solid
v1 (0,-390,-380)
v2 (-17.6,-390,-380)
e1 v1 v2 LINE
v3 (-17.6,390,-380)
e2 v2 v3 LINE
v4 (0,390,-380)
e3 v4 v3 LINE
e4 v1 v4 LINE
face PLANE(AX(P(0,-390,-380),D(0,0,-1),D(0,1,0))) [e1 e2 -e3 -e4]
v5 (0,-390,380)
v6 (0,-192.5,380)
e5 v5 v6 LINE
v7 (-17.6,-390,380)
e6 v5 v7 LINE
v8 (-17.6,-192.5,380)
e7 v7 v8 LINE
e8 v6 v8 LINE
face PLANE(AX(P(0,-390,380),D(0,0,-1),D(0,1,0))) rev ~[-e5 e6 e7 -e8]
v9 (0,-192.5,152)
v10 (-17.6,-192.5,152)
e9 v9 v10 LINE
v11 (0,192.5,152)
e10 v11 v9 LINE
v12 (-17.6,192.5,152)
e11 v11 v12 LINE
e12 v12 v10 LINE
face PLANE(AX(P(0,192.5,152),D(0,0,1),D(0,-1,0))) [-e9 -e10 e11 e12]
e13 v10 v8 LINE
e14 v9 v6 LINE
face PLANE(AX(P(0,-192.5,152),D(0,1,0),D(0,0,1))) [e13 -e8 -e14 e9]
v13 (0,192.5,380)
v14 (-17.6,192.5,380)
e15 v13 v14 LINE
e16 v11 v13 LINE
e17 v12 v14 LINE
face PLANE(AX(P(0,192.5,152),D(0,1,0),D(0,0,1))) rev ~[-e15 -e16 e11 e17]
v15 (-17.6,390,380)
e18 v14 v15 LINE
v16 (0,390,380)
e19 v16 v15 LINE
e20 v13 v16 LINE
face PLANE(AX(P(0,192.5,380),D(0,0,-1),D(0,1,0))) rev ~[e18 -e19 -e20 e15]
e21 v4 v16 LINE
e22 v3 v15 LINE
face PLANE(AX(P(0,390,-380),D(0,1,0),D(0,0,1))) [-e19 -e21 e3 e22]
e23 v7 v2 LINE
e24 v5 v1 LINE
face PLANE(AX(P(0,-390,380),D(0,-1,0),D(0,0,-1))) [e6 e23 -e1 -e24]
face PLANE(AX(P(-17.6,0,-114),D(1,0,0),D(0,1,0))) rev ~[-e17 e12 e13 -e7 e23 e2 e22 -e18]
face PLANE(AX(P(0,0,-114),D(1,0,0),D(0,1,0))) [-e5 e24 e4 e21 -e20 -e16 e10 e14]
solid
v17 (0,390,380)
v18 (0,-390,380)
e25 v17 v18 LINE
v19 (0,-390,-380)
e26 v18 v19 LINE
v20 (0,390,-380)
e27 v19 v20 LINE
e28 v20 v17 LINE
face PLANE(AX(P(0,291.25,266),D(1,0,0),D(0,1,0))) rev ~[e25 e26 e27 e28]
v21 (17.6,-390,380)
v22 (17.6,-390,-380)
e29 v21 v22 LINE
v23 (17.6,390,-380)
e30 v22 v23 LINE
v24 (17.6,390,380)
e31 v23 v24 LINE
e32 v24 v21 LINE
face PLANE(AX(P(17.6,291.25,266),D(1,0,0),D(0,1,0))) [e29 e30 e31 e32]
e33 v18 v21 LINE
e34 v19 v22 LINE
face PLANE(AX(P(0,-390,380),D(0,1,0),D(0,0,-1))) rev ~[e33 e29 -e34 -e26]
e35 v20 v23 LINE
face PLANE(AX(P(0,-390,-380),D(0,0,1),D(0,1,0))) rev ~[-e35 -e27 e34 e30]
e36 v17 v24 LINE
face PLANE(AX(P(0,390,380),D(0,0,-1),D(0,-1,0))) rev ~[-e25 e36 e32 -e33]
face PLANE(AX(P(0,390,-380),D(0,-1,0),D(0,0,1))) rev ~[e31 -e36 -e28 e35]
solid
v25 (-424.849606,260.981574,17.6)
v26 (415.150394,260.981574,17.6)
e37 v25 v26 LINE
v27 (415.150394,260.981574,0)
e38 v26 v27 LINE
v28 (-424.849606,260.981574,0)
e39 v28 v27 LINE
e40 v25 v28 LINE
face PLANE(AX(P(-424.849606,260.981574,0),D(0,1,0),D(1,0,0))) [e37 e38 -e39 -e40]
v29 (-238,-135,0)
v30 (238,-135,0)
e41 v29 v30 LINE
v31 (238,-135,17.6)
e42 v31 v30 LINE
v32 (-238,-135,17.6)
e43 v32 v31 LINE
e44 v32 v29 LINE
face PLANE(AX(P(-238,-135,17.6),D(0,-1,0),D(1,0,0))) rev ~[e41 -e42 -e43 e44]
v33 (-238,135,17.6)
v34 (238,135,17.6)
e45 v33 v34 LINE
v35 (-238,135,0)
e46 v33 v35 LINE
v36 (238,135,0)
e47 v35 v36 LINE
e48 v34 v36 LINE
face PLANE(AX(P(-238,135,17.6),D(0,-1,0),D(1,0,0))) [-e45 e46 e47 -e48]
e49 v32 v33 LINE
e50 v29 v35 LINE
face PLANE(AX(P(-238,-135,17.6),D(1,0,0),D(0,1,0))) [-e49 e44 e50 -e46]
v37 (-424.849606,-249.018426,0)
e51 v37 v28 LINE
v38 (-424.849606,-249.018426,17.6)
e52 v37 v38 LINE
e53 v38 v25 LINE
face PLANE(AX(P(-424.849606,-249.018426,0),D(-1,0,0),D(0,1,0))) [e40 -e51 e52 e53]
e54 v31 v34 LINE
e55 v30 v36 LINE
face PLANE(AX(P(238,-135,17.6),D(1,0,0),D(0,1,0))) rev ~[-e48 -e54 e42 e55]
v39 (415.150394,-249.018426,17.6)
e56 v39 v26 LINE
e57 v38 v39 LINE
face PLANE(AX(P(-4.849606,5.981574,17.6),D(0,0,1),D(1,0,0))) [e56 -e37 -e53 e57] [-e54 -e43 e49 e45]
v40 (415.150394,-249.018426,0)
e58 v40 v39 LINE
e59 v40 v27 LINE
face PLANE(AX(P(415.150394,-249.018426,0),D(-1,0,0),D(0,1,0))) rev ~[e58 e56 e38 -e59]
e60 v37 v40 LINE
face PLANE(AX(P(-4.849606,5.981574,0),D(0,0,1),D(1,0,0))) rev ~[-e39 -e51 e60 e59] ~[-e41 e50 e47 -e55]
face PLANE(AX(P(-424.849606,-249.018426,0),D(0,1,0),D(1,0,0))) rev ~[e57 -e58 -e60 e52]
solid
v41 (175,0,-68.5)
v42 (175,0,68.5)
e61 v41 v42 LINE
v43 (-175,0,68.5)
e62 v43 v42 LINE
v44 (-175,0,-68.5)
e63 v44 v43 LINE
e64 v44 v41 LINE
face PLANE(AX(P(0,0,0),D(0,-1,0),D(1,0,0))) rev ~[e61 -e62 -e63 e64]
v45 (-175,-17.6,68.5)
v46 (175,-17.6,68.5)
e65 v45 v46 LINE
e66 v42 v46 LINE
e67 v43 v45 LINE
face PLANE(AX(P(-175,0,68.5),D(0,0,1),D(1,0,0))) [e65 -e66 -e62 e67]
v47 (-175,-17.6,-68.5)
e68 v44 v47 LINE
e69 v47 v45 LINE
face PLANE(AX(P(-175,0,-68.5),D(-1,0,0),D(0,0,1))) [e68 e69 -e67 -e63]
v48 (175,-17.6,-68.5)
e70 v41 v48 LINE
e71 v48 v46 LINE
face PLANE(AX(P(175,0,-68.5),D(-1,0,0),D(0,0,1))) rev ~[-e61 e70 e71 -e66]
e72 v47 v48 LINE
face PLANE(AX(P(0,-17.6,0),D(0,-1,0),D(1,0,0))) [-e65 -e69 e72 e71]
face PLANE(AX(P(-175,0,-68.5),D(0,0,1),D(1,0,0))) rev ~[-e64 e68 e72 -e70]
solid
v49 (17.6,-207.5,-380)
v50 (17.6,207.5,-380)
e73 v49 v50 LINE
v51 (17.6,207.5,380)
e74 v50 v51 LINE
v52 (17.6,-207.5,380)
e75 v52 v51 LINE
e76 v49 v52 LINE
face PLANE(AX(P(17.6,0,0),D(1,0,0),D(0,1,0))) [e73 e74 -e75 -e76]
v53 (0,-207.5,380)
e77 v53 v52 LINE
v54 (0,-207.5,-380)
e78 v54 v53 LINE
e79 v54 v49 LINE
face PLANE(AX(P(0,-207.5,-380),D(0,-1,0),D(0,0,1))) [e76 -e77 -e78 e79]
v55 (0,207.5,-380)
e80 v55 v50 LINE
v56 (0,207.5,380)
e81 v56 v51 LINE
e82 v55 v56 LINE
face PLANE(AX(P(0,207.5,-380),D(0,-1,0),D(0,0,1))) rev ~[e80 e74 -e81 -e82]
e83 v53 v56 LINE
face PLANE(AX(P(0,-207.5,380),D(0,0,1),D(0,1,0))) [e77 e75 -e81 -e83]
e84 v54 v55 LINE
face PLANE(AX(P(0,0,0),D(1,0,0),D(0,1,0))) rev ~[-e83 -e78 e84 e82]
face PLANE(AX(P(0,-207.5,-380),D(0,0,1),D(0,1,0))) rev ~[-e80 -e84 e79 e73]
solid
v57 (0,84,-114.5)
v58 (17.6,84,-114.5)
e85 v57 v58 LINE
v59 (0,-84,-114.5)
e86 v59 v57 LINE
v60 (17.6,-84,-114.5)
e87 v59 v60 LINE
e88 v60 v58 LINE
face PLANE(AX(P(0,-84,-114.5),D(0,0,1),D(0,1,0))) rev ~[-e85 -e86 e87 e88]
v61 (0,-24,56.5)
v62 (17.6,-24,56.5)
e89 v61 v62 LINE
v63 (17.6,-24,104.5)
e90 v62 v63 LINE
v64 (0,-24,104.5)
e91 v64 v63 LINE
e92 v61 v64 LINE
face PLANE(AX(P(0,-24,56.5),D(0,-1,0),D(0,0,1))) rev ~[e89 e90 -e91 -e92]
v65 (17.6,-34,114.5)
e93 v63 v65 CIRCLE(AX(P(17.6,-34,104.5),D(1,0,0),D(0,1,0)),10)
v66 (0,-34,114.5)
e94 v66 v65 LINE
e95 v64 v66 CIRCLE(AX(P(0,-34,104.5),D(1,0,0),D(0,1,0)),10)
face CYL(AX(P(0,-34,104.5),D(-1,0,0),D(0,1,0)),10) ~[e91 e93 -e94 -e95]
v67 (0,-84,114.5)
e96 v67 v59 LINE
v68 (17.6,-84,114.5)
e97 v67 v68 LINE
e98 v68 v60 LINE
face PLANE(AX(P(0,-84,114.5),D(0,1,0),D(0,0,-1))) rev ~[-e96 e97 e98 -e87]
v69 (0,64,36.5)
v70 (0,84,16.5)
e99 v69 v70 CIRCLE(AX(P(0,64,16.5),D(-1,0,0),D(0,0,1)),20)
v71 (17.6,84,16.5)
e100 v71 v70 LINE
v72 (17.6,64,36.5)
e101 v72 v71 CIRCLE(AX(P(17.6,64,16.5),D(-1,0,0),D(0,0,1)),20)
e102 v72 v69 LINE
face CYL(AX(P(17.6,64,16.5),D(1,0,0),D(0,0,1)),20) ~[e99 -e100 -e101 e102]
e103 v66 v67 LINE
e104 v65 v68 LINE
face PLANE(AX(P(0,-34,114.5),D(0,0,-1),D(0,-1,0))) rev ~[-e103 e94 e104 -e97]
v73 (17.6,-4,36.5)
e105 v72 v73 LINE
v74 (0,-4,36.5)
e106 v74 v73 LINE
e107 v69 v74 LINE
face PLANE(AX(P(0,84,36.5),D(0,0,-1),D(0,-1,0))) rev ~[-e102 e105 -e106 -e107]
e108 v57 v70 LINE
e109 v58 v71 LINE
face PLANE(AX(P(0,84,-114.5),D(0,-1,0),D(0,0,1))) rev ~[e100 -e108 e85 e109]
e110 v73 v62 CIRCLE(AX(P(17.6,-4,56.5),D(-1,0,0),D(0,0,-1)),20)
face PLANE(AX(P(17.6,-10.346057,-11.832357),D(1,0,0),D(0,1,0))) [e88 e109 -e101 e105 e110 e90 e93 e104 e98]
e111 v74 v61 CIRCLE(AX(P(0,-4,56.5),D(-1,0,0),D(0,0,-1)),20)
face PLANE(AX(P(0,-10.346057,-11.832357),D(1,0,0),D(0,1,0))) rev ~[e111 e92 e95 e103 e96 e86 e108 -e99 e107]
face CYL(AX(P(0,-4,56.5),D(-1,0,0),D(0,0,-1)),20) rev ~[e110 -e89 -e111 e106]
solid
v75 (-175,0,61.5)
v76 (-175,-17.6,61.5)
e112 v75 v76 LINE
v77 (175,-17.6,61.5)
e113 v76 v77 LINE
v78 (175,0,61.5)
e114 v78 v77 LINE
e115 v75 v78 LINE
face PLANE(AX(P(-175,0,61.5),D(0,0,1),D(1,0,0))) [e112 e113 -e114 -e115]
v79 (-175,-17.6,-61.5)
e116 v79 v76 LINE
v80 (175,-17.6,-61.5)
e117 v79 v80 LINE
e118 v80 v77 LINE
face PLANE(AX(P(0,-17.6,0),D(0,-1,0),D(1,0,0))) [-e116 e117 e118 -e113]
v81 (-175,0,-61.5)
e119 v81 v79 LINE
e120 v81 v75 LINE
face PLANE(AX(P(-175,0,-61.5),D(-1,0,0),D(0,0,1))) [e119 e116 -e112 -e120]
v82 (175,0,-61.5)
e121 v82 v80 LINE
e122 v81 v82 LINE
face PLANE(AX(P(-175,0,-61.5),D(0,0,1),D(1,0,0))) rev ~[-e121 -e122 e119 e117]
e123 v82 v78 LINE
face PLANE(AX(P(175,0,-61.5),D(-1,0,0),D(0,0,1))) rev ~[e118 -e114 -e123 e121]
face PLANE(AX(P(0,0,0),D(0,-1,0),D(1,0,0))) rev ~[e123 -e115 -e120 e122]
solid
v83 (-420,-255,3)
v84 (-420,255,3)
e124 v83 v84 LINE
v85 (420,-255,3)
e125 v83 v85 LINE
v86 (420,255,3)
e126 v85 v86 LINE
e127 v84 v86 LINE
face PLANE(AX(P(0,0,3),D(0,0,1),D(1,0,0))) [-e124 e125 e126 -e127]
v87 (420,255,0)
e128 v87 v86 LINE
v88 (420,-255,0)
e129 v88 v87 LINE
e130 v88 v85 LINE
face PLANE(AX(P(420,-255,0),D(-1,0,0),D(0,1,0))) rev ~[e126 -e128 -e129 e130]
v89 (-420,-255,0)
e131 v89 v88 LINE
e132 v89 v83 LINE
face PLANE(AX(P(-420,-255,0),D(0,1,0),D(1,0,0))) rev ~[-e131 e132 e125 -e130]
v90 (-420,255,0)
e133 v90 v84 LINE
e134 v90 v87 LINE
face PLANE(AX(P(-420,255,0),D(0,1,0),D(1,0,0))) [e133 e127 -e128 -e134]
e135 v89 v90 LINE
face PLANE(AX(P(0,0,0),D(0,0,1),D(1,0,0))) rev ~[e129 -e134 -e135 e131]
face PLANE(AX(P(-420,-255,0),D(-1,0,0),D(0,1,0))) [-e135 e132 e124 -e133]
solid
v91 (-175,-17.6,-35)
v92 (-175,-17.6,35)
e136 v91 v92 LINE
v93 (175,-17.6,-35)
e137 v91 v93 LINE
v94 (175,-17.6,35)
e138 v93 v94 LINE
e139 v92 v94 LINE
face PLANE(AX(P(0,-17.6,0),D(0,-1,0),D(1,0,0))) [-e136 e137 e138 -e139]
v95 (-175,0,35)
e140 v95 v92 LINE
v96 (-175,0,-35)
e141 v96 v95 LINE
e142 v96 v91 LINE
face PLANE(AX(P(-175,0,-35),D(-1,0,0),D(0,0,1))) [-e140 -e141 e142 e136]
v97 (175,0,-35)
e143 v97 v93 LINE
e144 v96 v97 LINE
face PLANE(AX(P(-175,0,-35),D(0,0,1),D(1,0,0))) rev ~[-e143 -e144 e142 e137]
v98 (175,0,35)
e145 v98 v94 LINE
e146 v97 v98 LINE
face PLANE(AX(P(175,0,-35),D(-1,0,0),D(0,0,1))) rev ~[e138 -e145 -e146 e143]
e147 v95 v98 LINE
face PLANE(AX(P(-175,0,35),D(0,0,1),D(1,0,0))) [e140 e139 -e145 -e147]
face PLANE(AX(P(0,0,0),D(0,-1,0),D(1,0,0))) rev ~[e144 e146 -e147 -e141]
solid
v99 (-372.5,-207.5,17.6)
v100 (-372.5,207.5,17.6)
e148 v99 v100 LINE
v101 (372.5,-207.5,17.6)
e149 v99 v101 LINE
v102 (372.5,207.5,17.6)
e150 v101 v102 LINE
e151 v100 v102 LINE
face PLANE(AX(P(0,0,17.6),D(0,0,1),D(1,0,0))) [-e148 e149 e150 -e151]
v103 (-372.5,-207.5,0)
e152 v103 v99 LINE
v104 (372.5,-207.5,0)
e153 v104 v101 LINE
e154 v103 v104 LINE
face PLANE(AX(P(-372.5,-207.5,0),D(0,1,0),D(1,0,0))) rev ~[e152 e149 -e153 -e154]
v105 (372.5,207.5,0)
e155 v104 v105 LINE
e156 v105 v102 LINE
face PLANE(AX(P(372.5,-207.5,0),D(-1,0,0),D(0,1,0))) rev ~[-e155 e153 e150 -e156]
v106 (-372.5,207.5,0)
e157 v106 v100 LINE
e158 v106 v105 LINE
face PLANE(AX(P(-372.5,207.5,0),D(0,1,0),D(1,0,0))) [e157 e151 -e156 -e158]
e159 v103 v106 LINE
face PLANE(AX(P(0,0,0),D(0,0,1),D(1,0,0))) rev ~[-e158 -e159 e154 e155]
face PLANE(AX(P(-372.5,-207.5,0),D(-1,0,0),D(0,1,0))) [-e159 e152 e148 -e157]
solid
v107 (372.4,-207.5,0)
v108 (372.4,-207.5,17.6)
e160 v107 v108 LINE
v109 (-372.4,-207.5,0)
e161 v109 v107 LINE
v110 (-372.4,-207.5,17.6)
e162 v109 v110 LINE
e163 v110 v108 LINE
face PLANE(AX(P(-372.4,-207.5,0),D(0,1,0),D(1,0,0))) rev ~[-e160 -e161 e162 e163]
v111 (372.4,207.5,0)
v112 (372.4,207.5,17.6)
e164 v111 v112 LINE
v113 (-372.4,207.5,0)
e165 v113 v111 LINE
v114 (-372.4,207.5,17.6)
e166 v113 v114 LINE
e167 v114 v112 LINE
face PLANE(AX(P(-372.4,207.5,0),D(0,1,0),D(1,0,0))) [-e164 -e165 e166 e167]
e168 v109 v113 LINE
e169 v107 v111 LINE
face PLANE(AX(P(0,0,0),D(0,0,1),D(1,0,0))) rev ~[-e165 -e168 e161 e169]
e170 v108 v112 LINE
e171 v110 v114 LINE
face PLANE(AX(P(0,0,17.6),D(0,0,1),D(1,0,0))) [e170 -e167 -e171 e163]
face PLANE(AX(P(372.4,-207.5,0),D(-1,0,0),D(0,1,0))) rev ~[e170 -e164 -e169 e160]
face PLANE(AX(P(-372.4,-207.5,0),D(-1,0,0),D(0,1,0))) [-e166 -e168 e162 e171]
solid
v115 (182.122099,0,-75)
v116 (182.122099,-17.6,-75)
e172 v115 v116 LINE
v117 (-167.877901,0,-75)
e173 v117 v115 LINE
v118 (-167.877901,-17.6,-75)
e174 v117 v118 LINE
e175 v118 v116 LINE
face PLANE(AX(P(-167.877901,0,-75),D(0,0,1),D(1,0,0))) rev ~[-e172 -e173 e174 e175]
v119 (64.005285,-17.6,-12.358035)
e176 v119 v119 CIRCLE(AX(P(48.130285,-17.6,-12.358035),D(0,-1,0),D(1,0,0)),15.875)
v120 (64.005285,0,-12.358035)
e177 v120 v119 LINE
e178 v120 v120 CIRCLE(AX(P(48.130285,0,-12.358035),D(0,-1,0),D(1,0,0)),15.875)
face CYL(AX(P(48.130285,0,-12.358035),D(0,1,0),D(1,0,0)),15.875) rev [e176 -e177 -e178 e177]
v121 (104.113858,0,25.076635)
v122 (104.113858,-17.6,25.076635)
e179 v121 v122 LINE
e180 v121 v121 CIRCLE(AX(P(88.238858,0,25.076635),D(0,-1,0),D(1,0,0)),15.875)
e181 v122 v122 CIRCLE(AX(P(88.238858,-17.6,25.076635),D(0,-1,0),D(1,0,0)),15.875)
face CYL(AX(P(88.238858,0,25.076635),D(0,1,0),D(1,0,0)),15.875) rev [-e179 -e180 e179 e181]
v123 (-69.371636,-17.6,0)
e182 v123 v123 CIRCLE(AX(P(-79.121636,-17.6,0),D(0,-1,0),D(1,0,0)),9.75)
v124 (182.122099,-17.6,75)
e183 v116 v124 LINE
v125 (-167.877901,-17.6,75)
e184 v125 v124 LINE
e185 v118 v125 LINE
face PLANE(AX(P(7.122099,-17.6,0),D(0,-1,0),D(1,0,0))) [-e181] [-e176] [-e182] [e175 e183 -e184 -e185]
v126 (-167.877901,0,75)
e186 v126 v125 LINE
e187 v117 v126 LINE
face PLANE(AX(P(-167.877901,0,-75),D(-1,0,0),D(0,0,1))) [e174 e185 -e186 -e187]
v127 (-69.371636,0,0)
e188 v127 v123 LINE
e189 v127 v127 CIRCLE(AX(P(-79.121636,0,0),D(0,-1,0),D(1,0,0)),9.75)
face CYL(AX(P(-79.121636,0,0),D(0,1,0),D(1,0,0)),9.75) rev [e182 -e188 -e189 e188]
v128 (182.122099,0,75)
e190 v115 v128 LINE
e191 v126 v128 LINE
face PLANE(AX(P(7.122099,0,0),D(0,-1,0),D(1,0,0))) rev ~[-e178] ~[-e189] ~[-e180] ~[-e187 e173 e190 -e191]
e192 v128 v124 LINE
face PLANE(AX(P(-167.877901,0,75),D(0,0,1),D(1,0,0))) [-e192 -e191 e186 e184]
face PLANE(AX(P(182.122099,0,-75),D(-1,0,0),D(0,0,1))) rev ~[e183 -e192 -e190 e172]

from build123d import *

# Parameters (mm, degrees)
F0_W      = 840
F0_H      = 510
F1_DEPTH  = 3
F2_DEPTH  = 17.6
F4_W      = 840
F4_H      = 510
F5_DEPTH  = 3
F3_W      = 476
F3_H      = 270
F6_DEPTH  = 25
F7_W      = 197.5
F7_H      = 228
F8_DEPTH  = 17.6
F10_DEPTH = 17.6
F12_DEPTH = 17.6
F13_W     = 415
F13_H     = 760
F14_DEPTH = 17.6
F7_W_2    = 385
F15_DEPTH = 17.6
F16_W     = 745
F16_H     = 415
F17_DEPTH = 17.6
F18_W     = 350
F18_H     = 123
F19_DEPTH = 17.6
F20_W     = 350
F20_H     = 150
F20_R     = 15.875
F20_R_2   = 9.75
F21_DEPTH = 17.6
F22_W     = 350
F22_H     = 70
F23_DEPTH = 17.6
F24_W     = 350
F24_H     = 137
F25_DEPTH = 17.6
F26_W     = 744.8
F26_H     = 415
F27_DEPTH = 17.6


with BuildPart() as f1:
    # F0 (on Top) → F1 (new body)
    with BuildSketch(Plane.XY):
        with Locations((-4.8496063054, 5.9815743535)):
            Rectangle(F0_W, F0_H)
    extrude(amount=F1_DEPTH)

    # F0 (on Top) → F2 (join)
    with BuildSketch(Plane.XY):
        with Locations((-4.8496063054, 5.9815743535)):
            Rectangle(F0_W, F0_H)
    extrude(amount=F2_DEPTH)

    # F3 (on face) → F6 (cut)
    with BuildSketch(Plane.XY.offset(17.6)):
        Rectangle(F3_W, F3_H)
    extrude(amount=-F6_DEPTH, mode=Mode.SUBTRACT)


with BuildPart() as f5:
    # F4 (on Top) → F5 (new body)
    with BuildSketch(Plane.XY):
        Rectangle(F4_W, F4_H)
    extrude(amount=F5_DEPTH)


with BuildPart() as f8:
    # F7 (on Right) → F8 (new body)
    with BuildSketch(Plane.YZ):
        Polygon((390, -380), (390, 152), (192.5, 152), (-192.5, 152), (-390, 152), (-390, -380), align=None)
        with Locations((291.25, 266)):
            Rectangle(F7_W, F7_H)
        with Locations((-291.25, 266)):
            Rectangle(F7_W, F7_H)
    extrude(amount=-F8_DEPTH)


with BuildPart() as f10:
    # F9 (on Right) → F10 (new body)
    with BuildSketch(Plane.YZ):
        with BuildLine():
            Line((-84, -114.5), (84, -114.5))
            Line((84, -114.5), (84, 36.5))
            Line((84, 36.5), (-4, 36.5))
            ThreePointArc((-4, 36.5), (-18.1421356237, 42.3578643763), (-24, 56.5))
            Line((-24, 56.5), (-24, 104.5))
            ThreePointArc((-24, 104.5), (-26.9289321881, 111.5710678119), (-34, 114.5))
            Line((-34, 114.5), (-84, 114.5))
            Line((-84, 114.5), (-84, 36.5))
            Line((-84, 36.5), (-84, -114.5))
        make_face()
    extrude(amount=F10_DEPTH)

    # F11 (on face) → F12 (cut)
    with BuildSketch(Plane.YZ.offset(17.6)):
        with BuildLine():
            Line((84, 36.5), (64, 36.5))
            ThreePointArc((64, 36.5), (78.1421356237, 30.6421356237), (84, 16.5))
            Line((84, 16.5), (84, 36.5))
        make_face()
    extrude(amount=-F12_DEPTH, mode=Mode.SUBTRACT)


with BuildPart() as f14:
    # F13 (on Right) → F14 (new body)
    with BuildSketch(Plane.YZ):
        Rectangle(F13_W, F13_H)
    extrude(amount=F14_DEPTH)


with BuildPart() as f15:
    # F7 (on Right) → F15 (new body)
    with BuildSketch(Plane.YZ):
        with Locations((291.25, 266)):
            Rectangle(F7_W, F7_H)
        with Locations((0, 266)):
            Rectangle(F7_W_2, F7_H)
        Polygon((390, -380), (390, 152), (192.5, 152), (-192.5, 152), (-390, 152), (-390, -380), align=None)
        with Locations((-291.25, 266)):
            Rectangle(F7_W, F7_H)
    extrude(amount=F15_DEPTH)


with BuildPart() as f17:
    # F16 (on Top) → F17 (new body)
    with BuildSketch(Plane.XY):
        Rectangle(F16_W, F16_H)
    extrude(amount=F17_DEPTH)


with BuildPart() as f19:
    # F18 (on Front) → F19 (new body)
    with BuildSketch(Plane.XZ):
        Rectangle(F18_W, F18_H)
    extrude(amount=F19_DEPTH)


with BuildPart() as f21:
    # F20 (on Front) → F21 (new body)
    with BuildSketch(Plane.XZ):
        with Locations((7.1220991095, 0)):
            Rectangle(F20_W, F20_H)
        with Locations((48.1302849948, -12.3580349609)):
            Circle(F20_R, mode=Mode.SUBTRACT)
        with Locations((-79.1216364578, 0)):
            Circle(F20_R_2, mode=Mode.SUBTRACT)
        with Locations((88.2388576865, 25.0766351819)):
            Circle(F20_R, mode=Mode.SUBTRACT)
    extrude(amount=F21_DEPTH)


with BuildPart() as f23:
    # F22 (on Front) → F23 (new body)
    with BuildSketch(Plane.XZ):
        Rectangle(F22_W, F22_H)
    extrude(amount=F23_DEPTH)


with BuildPart() as f25:
    # F24 (on Front) → F25 (new body)
    with BuildSketch(Plane.XZ):
        Rectangle(F24_W, F24_H)
    extrude(amount=F25_DEPTH)


with BuildPart() as f27:
    # F26 (on Top) → F27 (new body)
    with BuildSketch(Plane.XY):
        Rectangle(F26_W, F26_H)
    extrude(amount=F27_DEPTH)


solid = Compound([f1.part, f5.part, f8.part, f10.part, f14.part, f15.part, f17.part, f19.part, f21.part, f23.part, f25.part, f27.part])
